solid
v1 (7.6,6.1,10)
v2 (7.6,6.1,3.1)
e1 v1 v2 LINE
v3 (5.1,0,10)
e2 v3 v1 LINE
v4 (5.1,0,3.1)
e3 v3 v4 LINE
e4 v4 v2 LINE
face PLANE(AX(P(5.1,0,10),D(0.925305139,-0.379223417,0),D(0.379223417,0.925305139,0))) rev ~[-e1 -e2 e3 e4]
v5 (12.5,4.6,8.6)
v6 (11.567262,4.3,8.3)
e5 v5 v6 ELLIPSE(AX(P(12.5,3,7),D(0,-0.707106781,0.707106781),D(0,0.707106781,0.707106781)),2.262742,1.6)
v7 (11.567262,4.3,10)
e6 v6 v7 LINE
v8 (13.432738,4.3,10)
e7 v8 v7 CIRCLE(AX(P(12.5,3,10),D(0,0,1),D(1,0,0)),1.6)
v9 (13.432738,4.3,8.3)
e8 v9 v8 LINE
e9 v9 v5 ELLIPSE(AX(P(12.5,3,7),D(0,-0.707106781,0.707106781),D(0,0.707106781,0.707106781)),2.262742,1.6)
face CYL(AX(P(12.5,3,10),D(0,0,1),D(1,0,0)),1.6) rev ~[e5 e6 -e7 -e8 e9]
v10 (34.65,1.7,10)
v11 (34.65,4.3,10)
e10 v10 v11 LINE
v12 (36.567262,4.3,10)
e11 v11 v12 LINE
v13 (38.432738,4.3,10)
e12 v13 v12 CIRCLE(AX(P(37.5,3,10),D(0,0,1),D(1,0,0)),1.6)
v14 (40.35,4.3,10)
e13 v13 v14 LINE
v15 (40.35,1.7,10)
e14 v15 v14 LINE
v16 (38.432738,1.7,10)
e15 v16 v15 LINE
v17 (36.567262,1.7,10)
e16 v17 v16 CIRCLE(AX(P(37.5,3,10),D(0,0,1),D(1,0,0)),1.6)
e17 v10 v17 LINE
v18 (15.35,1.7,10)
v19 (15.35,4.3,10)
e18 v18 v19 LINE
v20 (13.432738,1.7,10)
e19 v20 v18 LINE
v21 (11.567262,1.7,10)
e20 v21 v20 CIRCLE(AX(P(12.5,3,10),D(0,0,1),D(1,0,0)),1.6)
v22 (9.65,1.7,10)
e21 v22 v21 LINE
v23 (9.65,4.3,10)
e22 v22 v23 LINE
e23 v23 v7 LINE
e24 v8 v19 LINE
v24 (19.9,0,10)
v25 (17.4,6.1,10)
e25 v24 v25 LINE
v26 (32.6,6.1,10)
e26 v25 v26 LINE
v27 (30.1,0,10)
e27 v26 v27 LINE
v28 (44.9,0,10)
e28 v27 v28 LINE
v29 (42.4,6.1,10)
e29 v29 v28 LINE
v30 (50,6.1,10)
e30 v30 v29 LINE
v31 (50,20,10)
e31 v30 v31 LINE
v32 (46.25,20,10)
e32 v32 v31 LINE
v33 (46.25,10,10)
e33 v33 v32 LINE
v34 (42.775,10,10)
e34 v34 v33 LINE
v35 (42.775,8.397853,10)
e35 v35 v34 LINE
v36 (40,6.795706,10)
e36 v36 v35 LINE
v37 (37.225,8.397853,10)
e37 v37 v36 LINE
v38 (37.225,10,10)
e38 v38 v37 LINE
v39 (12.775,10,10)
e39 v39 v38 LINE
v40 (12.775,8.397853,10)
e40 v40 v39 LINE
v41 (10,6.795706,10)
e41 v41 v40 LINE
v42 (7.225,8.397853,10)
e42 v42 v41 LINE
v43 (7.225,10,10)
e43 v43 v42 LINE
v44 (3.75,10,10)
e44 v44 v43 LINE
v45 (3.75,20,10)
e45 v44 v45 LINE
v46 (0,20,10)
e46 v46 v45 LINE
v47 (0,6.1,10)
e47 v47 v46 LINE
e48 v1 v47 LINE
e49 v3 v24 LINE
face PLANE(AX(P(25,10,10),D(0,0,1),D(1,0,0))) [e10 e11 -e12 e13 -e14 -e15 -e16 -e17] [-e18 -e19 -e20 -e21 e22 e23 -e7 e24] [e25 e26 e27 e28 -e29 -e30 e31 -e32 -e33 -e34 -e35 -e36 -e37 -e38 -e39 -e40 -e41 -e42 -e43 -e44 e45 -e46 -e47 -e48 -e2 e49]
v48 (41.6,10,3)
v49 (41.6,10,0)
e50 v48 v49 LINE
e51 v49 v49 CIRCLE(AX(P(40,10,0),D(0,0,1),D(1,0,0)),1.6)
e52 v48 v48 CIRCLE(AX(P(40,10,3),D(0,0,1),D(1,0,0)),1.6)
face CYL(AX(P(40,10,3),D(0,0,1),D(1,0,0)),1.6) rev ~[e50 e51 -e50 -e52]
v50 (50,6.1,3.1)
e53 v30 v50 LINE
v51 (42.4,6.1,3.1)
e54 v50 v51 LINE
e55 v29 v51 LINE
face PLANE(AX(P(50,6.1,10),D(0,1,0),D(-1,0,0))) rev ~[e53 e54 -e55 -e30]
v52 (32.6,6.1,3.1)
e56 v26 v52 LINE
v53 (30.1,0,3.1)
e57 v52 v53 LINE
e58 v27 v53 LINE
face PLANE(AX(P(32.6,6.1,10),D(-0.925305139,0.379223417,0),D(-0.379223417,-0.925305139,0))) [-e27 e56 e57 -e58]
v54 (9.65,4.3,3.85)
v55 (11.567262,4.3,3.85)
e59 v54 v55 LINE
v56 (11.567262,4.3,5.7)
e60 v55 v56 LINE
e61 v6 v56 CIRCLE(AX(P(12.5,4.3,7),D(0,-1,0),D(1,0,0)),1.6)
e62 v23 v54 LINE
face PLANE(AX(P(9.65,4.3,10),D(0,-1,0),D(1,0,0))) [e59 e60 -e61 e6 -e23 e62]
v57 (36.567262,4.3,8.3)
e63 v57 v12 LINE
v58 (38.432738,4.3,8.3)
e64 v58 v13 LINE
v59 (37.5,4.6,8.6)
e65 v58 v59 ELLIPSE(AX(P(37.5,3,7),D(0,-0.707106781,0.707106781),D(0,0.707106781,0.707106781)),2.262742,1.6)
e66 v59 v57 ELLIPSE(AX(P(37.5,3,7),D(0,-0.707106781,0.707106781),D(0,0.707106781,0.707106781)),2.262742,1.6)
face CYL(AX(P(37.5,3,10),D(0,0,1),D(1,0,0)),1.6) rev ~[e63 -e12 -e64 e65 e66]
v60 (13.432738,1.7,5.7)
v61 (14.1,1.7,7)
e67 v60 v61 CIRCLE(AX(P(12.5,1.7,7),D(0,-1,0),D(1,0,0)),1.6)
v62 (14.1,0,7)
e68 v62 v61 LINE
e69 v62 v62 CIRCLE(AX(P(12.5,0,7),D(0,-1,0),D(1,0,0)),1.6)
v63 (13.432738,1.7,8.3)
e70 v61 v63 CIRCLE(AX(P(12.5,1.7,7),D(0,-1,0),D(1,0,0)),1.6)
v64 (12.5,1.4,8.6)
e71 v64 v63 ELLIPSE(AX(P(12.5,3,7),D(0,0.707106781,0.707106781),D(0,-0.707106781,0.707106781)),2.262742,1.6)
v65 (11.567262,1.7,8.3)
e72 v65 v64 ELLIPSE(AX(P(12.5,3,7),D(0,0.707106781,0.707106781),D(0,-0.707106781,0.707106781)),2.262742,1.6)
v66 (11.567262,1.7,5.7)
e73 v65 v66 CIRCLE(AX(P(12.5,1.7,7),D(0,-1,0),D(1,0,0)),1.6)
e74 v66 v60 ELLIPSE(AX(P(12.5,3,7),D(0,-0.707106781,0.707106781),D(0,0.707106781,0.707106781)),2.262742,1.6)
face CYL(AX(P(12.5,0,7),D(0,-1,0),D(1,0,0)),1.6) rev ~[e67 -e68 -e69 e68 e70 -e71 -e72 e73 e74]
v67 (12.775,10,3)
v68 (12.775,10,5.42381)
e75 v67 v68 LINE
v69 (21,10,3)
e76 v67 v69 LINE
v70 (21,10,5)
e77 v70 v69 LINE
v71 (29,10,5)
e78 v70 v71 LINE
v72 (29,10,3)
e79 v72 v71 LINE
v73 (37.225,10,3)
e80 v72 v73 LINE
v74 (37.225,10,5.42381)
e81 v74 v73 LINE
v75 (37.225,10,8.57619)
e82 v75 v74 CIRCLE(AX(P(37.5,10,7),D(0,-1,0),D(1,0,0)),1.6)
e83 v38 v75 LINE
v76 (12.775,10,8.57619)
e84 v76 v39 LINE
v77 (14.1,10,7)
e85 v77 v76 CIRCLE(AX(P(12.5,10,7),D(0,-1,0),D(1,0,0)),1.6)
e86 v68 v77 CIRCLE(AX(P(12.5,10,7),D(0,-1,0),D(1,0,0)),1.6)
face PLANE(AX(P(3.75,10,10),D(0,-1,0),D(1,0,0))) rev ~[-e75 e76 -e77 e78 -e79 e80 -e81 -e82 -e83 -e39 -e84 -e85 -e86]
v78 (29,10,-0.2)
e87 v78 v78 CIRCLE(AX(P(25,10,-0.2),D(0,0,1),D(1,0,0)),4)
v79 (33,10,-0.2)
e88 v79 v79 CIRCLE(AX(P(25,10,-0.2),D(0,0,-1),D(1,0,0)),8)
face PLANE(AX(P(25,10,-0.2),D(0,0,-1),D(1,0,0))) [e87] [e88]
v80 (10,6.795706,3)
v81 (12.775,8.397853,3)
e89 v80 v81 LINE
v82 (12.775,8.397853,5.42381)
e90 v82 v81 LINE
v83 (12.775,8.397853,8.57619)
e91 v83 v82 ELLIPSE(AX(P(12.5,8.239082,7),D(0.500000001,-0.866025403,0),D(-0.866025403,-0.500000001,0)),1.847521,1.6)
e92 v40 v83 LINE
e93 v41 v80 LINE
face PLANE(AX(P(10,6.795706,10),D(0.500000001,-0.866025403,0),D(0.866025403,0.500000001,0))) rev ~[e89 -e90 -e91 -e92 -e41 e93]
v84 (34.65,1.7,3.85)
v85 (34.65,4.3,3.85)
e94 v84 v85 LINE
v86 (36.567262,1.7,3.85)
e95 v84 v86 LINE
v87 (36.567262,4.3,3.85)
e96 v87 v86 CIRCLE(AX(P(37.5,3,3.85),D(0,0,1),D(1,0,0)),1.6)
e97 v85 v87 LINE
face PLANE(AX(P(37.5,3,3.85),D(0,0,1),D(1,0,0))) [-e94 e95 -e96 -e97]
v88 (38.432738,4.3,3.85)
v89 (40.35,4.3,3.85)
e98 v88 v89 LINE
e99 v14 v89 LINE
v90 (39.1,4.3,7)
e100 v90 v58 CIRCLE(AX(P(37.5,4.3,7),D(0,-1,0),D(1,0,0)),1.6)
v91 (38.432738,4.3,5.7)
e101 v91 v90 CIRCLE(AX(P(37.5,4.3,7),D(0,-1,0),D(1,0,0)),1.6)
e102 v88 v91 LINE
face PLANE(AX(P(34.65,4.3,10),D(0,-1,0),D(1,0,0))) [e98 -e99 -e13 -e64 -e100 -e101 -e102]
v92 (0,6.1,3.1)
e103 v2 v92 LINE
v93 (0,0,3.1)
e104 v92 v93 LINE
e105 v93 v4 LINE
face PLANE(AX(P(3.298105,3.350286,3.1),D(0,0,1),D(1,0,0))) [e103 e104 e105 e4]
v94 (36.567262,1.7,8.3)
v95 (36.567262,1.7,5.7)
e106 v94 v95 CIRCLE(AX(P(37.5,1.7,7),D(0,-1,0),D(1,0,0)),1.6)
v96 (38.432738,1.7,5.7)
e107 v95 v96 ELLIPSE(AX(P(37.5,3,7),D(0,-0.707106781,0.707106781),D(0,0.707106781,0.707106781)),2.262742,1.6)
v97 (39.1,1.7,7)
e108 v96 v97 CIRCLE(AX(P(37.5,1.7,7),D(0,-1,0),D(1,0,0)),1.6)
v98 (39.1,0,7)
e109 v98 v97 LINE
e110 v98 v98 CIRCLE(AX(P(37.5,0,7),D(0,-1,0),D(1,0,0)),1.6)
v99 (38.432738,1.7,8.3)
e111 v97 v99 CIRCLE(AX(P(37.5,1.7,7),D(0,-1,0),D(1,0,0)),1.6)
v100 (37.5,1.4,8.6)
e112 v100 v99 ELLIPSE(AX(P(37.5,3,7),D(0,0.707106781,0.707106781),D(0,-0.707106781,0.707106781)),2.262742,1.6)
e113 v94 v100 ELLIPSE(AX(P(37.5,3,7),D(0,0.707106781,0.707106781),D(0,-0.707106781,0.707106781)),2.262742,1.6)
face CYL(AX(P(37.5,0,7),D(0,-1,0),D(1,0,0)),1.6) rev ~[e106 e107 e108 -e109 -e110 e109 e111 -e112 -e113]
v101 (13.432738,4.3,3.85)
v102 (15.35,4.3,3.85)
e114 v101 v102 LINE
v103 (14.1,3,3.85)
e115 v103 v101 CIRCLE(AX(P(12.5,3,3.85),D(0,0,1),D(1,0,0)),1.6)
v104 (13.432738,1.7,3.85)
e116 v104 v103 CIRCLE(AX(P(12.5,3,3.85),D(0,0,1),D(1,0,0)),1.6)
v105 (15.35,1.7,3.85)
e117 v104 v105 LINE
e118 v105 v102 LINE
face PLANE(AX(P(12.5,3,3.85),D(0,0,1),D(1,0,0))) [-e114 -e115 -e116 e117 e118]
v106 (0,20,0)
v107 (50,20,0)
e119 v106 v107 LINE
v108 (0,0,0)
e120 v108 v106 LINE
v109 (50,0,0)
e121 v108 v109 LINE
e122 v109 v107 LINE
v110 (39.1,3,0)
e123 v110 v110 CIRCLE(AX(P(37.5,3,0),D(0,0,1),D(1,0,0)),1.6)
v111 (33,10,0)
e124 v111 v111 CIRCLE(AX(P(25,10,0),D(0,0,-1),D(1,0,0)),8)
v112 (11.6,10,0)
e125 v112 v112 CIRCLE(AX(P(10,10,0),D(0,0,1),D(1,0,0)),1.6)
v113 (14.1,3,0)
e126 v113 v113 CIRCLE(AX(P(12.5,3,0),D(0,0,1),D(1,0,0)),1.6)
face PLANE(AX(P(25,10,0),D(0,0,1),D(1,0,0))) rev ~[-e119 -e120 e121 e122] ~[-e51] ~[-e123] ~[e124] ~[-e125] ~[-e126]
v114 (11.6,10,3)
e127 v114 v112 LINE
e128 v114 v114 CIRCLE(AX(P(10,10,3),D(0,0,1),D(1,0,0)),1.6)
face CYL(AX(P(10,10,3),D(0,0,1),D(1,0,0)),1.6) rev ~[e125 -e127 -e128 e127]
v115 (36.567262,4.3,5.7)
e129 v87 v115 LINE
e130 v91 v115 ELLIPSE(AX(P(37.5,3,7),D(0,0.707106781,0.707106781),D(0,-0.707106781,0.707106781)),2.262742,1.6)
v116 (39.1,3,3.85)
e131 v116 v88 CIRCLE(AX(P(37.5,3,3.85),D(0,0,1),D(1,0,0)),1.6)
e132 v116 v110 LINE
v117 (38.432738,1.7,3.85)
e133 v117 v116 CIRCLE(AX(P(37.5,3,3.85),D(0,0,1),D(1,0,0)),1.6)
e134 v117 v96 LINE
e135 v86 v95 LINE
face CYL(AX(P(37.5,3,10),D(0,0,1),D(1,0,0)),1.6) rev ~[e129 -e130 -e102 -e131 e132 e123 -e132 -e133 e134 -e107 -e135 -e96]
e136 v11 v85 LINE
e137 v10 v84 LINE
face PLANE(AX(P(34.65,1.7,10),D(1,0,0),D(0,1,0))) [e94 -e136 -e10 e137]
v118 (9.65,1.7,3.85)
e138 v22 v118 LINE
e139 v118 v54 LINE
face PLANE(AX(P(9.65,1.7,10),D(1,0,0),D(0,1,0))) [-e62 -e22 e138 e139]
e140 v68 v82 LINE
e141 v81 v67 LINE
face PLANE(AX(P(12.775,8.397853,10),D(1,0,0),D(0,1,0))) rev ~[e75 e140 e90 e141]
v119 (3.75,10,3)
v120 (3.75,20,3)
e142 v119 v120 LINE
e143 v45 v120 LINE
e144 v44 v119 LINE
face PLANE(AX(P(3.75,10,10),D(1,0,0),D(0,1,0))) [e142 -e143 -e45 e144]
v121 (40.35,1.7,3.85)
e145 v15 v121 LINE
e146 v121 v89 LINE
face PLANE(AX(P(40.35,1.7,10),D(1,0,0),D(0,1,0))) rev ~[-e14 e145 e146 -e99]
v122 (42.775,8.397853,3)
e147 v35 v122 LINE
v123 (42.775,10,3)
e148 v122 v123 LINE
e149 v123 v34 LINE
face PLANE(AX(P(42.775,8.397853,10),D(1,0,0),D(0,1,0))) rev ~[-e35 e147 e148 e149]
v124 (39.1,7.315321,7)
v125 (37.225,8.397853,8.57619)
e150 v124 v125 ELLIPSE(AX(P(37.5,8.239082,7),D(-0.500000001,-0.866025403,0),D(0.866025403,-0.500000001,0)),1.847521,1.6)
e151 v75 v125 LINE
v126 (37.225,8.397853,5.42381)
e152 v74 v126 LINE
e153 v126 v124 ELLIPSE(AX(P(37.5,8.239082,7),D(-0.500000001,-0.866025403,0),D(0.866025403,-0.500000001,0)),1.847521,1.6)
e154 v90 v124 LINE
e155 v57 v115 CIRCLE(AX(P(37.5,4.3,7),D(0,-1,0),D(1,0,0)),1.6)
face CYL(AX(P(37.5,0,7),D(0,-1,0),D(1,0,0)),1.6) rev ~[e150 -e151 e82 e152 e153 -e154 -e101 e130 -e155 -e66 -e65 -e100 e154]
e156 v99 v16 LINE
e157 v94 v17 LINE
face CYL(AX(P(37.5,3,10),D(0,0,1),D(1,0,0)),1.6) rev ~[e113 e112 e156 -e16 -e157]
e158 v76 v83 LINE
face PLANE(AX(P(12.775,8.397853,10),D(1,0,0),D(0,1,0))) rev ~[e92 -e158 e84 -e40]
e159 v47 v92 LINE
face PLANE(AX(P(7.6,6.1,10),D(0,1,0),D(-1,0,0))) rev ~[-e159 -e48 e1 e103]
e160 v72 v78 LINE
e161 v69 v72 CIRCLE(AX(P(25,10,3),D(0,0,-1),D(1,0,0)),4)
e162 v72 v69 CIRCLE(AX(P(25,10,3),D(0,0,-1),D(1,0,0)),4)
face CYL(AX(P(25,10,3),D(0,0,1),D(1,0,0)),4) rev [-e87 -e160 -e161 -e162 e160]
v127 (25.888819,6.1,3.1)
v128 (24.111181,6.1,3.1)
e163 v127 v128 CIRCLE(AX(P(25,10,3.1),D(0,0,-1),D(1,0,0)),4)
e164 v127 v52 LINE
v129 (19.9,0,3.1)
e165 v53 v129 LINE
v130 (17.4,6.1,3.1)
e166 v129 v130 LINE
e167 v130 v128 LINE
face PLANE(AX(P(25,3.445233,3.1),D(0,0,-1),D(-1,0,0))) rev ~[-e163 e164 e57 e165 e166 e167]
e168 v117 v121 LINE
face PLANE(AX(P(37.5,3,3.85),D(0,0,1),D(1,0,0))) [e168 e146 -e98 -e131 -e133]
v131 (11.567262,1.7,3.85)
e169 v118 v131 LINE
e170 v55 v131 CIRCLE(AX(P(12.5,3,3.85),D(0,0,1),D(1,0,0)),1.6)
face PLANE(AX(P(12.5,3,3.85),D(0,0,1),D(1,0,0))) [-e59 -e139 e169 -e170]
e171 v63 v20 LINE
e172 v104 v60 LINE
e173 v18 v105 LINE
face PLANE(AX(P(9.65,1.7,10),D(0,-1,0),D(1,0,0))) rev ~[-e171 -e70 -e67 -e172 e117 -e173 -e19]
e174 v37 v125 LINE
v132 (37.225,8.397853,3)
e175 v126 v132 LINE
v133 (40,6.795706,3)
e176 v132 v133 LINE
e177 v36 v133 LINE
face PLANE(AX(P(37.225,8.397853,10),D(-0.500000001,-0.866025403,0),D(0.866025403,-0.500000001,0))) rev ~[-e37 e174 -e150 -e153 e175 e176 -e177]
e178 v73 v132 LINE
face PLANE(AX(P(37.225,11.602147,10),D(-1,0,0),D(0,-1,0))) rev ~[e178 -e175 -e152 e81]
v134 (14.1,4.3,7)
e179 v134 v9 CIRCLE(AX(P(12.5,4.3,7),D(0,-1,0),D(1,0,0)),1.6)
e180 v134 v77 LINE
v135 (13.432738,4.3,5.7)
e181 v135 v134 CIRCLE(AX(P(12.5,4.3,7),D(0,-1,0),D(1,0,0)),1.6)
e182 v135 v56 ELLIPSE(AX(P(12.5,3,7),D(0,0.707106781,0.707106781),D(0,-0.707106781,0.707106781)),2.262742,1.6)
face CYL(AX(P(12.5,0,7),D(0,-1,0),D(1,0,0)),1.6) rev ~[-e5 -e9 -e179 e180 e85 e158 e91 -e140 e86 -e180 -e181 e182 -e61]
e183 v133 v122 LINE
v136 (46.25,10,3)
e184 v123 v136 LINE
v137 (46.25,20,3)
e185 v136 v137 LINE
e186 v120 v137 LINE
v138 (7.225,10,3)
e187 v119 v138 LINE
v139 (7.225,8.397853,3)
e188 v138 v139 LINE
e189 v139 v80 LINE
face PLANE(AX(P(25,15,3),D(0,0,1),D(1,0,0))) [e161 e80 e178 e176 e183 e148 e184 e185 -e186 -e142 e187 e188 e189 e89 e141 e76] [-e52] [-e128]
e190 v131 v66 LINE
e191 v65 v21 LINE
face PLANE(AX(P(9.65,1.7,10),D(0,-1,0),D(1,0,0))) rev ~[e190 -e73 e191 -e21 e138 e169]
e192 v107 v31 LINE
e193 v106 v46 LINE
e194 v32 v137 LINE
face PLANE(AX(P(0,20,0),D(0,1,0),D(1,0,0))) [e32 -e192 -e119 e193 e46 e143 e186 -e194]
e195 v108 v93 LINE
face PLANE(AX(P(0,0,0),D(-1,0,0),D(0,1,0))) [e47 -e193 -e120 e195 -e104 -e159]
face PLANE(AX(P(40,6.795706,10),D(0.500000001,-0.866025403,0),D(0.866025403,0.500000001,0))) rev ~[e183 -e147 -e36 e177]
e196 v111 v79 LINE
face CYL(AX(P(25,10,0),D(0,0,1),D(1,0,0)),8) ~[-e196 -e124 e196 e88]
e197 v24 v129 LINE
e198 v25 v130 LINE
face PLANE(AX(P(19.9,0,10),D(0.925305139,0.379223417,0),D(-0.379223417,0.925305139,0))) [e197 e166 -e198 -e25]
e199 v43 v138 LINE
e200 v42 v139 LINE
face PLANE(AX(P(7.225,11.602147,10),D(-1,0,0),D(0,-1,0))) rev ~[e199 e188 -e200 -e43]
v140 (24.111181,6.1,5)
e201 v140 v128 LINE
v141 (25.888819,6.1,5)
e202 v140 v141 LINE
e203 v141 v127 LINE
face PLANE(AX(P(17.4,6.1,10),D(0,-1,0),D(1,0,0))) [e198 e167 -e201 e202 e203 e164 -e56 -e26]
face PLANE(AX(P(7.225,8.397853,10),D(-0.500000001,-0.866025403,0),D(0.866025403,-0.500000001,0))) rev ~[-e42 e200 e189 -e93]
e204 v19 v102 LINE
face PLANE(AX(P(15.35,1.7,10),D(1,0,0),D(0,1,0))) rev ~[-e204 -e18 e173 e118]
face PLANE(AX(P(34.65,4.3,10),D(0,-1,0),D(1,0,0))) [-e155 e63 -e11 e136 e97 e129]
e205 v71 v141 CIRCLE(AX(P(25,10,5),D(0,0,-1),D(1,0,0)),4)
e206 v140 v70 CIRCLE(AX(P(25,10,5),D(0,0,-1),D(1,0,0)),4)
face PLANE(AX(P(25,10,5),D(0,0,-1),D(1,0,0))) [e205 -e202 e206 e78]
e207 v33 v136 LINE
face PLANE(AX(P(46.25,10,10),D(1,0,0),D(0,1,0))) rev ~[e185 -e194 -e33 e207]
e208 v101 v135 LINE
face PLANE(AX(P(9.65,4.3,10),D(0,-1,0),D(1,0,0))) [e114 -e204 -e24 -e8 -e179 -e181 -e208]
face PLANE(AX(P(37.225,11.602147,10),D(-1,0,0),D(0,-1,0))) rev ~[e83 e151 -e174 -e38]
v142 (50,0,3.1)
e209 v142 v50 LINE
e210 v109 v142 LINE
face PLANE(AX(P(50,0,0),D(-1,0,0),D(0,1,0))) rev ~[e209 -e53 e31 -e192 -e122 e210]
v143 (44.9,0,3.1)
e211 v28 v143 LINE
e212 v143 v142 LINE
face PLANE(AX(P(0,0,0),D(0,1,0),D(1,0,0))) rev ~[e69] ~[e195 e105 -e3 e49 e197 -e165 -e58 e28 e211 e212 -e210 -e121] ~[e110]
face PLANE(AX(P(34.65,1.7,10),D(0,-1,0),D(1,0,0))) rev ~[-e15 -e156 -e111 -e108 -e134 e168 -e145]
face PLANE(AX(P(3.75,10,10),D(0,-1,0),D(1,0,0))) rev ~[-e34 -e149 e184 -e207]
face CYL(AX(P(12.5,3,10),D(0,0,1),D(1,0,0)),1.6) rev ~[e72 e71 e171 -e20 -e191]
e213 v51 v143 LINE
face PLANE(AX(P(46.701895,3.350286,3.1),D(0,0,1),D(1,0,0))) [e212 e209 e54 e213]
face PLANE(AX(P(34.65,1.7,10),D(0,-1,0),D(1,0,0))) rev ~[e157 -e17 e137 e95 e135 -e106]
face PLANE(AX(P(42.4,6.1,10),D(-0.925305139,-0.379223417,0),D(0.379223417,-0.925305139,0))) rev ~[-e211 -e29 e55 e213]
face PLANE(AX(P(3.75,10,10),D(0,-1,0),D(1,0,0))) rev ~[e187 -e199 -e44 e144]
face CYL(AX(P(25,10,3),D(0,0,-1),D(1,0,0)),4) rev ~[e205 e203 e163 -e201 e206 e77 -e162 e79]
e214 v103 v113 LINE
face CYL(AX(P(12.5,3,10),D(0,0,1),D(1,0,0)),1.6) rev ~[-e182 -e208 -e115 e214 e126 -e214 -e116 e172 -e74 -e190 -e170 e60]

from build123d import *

# Parameters (mm, degrees)
SKETCH_W             = 50
SKETCH_H             = 20
PAD_DEPTH            = 10
SKETCH001_W          = 42.5
SKETCH001_H          = 10
POCKET_DEPTH         = 7
SKETCH002_R          = 1.6
POCKET001_DEPTH      = 5
POCKET002_DEPTH      = 6.9
SKETCH004_R          = 1.6
POCKET003_DEPTH      = 10
SKETCH005_W          = 5.7
SKETCH005_H          = 2.6
POCKET004_DEPTH      = 6.15
SKETCH006_R          = 1.6
POCKET005_DEPTH      = 10
SKETCH007_R          = 8
PAD001_DEPTH         = 0.2
SKETCH008_R          = 4
POCKET006_DEPTH      = 2
POCKET006_DEPTH_BACK = -4
POCKET007_DEPTH      = 7


with BuildPart() as part:
    # Sketch → Pad (new body)
    with BuildSketch(Plane.XY):
        with Locations((25, 10)):
            Rectangle(SKETCH_W, SKETCH_H)
    extrude(amount=PAD_DEPTH)

    # Sketch001 (on Face6 of Pad) → Pocket (cut)
    with BuildSketch(Plane.XY.offset(10)):
        with Locations((25, 15)):
            Rectangle(SKETCH001_W, SKETCH001_H)
    extrude(amount=-POCKET_DEPTH, mode=Mode.SUBTRACT)

    # Sketch002 (on Face6 of Pocket) → Pocket001 (cut)
    with BuildSketch(Plane.XY.offset(3)):
        with Locations((10, 10)):
            Circle(SKETCH002_R)
        with Locations((40, 10)):
            Circle(SKETCH002_R)
    extrude(amount=-POCKET001_DEPTH, mode=Mode.SUBTRACT)

    # Sketch003 (on Face4 of Pocket001) → Pocket002 (cut)
    with BuildSketch(Plane.XY.offset(10)):
        Polygon((5.1, 0), (7.6, 6.1), (0, 6.1), (0, 0), align=None)
        Polygon((19.9, 0), (17.4, 6.1), (32.6, 6.1), (30.1, 0), align=None)
        Polygon((42.4, 6.1), (44.9, 0), (50, 0), (50, 6.1), align=None)
    extrude(amount=-POCKET002_DEPTH, mode=Mode.SUBTRACT)

    # Sketch004 (on Face4 of Pocket002) → Pocket003 (cut)
    with BuildSketch(Plane.XY.offset(10)):
        with Locations((12.5, 3)):
            Circle(SKETCH004_R)
        with Locations((37.5, 3)):
            Circle(SKETCH004_R)
    extrude(amount=-POCKET003_DEPTH, mode=Mode.SUBTRACT)

    # Sketch005 (on Face4 of Pocket003) → Pocket004 (cut)
    with BuildSketch(Plane.XY.offset(10)):
        with Locations((12.5, 3)):
            Rectangle(SKETCH005_W, SKETCH005_H)
        with Locations((37.5, 3)):
            Rectangle(SKETCH005_W, SKETCH005_H)
    extrude(amount=-POCKET004_DEPTH, mode=Mode.SUBTRACT)

    # Sketch006 (on Face9 of Pocket004) → Pocket005 (cut)
    with BuildSketch(Plane.XZ):
        with Locations((12.5, 7)):
            Circle(SKETCH006_R)
        with Locations((37.5, 7)):
            Circle(SKETCH006_R)
    extrude(amount=-POCKET005_DEPTH, mode=Mode.SUBTRACT)

    # Sketch007 (on Face2 of Pocket005) → Pad001 (join)
    with BuildSketch(Plane(origin=(0, 0, 0), x_dir=(1, 0, 0), z_dir=(0, 0, -1))):
        with Locations((25, -10)):
            Circle(SKETCH007_R)
    extrude(amount=PAD001_DEPTH)

    # Sketch008 (on Face47 of Pad001) → Pocket006 (cut, two sides)
    with BuildSketch(Plane(origin=(0, 0, 3), x_dir=(1, 0, 0), z_dir=(0, 0, -1))) as pocket006_sk:
        with Locations((25, -10)):
            Circle(SKETCH008_R)
    extrude(amount=-POCKET006_DEPTH, mode=Mode.SUBTRACT)
    extrude(pocket006_sk.sketch, amount=-POCKET006_DEPTH_BACK, mode=Mode.SUBTRACT)

    # Sketch009 (on Face4 of Pocket006) → Pocket007 (cut)
    with BuildSketch(Plane.XY.offset(10)):
        Polygon((12.775, 8.397853), (12.775, 11.602147), (10, 13.204294), (7.225, 11.602147), (7.225, 8.397853), (10, 6.795706), align=None)
        Polygon((42.775, 8.397853), (42.775, 11.602147), (40, 13.204294), (37.225, 11.602147), (37.225, 8.397853), (40, 6.795706), align=None)
    extrude(amount=-POCKET007_DEPTH, mode=Mode.SUBTRACT)


solid = part.part
